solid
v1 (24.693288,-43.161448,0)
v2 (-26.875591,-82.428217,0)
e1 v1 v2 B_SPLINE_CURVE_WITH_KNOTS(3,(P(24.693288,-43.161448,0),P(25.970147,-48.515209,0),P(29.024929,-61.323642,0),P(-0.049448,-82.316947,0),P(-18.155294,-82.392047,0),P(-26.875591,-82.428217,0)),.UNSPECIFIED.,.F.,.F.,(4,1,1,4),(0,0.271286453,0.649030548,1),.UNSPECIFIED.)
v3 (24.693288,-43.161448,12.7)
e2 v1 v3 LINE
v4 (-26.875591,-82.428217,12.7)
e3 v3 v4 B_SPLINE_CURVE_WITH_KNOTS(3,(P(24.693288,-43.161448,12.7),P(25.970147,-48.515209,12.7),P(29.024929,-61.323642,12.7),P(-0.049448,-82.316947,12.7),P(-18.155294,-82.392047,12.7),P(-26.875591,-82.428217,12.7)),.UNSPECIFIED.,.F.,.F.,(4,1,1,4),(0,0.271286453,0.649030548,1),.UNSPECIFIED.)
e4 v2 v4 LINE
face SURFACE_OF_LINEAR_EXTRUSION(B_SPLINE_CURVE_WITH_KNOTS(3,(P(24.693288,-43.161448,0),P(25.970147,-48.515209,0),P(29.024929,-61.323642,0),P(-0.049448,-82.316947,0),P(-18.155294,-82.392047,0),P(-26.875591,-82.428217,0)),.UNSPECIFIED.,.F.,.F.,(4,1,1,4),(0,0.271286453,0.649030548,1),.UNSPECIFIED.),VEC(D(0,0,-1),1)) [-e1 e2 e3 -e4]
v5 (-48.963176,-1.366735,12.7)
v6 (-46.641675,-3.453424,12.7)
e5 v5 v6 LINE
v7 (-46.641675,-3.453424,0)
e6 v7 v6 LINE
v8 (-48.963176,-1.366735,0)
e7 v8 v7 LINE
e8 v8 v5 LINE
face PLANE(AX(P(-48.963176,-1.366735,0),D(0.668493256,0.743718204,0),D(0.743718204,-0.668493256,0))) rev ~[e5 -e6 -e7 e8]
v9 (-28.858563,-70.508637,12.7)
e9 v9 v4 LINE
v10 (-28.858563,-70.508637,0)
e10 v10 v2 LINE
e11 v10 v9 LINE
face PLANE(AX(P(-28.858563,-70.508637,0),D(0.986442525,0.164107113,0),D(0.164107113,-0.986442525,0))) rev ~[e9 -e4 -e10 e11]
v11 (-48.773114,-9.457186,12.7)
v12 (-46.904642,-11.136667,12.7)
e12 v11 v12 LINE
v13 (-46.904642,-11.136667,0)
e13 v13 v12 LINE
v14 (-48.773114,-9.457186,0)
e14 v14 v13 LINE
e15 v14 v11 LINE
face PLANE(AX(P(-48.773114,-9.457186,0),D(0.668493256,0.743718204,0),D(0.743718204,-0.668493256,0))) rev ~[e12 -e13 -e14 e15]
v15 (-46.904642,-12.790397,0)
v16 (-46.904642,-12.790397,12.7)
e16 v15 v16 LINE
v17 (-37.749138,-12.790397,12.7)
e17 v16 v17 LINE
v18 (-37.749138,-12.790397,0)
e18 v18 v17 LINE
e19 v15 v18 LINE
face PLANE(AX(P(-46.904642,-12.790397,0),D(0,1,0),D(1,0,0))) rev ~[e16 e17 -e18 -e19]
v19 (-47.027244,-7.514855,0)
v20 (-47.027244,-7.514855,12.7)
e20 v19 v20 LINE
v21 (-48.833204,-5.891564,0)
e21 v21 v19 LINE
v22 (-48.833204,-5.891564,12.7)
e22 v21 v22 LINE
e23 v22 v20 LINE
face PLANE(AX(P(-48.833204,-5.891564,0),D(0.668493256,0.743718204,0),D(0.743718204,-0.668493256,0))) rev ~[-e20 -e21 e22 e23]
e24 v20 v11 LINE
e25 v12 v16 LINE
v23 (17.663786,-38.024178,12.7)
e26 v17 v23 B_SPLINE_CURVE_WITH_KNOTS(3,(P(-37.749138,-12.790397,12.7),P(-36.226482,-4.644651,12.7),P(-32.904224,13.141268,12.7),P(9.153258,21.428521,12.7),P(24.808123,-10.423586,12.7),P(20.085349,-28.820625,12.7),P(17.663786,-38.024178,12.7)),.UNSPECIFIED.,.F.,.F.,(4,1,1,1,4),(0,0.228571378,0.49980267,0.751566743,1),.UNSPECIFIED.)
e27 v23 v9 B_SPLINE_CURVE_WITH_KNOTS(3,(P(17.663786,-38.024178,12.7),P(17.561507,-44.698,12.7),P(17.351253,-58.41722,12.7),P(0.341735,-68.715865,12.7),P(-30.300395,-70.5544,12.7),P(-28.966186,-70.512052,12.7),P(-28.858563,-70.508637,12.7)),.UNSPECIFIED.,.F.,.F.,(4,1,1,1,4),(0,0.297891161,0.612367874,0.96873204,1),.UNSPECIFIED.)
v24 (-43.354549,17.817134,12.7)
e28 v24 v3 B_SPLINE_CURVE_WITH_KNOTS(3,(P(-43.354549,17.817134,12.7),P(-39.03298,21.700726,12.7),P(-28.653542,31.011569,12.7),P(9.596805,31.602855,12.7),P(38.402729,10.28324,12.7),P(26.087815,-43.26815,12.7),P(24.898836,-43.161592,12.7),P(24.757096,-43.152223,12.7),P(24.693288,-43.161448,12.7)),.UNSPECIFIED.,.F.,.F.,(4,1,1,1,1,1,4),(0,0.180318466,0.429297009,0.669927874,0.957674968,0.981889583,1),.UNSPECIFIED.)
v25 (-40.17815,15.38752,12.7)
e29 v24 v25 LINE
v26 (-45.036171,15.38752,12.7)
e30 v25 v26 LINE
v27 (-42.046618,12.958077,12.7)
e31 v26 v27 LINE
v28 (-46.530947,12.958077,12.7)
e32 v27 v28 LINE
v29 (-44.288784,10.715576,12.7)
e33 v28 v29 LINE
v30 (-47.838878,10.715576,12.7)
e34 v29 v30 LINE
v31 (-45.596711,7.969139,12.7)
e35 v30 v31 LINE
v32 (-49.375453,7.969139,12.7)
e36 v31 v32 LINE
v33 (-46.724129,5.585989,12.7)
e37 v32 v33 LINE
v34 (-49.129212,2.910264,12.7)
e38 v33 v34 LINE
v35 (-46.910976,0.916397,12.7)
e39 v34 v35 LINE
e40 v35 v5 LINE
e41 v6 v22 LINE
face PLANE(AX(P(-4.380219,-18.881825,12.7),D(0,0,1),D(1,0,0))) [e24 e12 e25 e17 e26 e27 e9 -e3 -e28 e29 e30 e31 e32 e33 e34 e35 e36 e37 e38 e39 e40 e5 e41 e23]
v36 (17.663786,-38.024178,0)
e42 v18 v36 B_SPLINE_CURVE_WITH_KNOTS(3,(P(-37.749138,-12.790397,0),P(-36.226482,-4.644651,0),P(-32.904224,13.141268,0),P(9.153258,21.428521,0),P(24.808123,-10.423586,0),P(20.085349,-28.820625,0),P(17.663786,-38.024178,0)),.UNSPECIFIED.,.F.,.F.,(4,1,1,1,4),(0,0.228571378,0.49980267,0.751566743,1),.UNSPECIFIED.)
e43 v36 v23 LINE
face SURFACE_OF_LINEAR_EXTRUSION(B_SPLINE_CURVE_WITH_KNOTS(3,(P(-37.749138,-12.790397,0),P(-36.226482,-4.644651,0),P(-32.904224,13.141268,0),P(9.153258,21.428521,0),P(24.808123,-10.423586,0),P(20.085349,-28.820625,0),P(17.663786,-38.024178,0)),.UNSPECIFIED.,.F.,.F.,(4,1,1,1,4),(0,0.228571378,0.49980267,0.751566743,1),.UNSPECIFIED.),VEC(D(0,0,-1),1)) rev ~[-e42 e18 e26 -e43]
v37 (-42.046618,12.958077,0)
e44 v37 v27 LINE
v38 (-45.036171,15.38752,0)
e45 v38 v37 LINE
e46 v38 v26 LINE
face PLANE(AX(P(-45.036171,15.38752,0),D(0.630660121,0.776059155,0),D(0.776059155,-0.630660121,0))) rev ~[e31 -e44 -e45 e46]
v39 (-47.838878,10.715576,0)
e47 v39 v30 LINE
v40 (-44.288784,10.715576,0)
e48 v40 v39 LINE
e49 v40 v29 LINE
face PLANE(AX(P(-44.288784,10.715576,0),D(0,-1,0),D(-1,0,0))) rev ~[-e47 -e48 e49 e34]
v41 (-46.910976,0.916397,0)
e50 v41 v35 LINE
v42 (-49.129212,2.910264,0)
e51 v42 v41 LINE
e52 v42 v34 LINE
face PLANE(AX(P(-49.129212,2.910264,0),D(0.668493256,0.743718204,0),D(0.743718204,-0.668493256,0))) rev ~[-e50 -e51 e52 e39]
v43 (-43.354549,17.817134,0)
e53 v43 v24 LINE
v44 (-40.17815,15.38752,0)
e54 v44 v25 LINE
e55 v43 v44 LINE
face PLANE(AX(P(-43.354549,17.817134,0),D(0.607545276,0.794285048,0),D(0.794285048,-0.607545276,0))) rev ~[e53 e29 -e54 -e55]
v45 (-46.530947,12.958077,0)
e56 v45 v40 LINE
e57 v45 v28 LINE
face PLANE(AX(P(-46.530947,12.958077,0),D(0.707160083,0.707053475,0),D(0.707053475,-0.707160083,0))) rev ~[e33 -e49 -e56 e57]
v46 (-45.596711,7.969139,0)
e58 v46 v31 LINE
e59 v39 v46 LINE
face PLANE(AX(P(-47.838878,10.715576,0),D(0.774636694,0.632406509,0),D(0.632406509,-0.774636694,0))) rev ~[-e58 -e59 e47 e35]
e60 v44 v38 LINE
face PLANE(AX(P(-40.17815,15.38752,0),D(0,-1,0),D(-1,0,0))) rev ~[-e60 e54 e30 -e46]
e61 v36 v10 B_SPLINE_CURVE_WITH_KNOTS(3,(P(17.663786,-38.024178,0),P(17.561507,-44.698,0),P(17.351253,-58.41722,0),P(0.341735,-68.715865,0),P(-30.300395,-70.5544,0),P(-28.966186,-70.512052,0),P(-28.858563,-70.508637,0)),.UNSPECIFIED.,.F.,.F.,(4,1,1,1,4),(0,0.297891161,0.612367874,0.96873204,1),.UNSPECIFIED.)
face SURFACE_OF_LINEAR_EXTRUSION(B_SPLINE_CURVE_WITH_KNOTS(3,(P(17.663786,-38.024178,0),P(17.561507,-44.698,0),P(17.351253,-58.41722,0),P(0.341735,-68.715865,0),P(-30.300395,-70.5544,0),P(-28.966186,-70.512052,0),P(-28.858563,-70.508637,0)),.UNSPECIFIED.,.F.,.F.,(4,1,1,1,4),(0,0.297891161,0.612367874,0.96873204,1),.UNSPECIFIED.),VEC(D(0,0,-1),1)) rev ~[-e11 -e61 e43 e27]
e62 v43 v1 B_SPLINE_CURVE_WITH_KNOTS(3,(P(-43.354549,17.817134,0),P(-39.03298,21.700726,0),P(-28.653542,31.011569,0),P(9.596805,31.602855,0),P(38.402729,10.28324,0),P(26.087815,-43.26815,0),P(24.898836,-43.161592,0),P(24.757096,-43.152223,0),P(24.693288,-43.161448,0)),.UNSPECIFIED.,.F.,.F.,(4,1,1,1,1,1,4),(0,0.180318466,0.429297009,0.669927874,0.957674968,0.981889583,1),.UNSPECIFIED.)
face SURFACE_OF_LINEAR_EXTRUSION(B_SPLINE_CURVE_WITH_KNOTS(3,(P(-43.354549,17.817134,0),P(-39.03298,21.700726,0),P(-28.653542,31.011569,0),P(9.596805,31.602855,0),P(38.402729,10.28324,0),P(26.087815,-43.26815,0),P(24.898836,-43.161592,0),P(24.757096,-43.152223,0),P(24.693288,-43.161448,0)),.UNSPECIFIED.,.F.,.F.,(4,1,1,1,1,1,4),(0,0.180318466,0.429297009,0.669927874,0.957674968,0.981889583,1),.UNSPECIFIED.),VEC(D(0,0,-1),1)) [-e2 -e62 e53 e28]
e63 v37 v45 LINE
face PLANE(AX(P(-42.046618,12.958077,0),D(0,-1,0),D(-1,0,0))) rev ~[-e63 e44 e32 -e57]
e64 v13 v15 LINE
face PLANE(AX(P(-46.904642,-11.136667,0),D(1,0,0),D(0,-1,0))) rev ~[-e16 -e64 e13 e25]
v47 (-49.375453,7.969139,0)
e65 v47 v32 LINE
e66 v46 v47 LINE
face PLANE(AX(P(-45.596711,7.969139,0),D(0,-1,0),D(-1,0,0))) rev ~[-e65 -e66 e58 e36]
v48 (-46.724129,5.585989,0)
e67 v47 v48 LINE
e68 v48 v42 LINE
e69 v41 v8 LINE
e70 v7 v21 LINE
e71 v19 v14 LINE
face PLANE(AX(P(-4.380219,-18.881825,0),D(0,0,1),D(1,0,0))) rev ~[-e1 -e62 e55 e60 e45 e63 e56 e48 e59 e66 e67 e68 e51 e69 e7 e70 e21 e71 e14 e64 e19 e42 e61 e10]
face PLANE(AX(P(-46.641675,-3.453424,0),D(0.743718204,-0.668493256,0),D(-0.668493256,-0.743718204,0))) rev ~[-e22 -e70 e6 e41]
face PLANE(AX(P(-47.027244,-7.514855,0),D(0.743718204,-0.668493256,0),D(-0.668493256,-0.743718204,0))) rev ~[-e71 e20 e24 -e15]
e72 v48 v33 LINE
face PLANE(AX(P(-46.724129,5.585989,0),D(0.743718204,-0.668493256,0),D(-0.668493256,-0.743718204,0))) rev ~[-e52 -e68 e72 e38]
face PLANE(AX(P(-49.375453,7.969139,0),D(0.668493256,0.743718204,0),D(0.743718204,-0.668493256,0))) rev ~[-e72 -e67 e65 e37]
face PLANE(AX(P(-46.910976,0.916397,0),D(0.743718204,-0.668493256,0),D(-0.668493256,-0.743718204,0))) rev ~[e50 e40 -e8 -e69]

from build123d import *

# Parameters (mm, degrees)
F1_DEPTH = 12.7


with BuildPart() as f1:
    # F0 (on Top) → F1 (new body)
    with BuildSketch(Plane.XY):
        with BuildLine():
            Line((-46.9046421349, -12.7903968096), (-37.7491377294, -12.7903968096))
            add(Edge.make_bspline(
                [(-37.7491377294, -12.7903968096), (-36.2264822799, -4.6446508342), (-32.9042240404, 13.141268269), (9.1532582942, 21.4285213395), (24.8081231682, -10.4235855299), (20.0853489239, -28.8206254138), (17.6637864196, -38.0241783793)],
                knots=[0, 0, 0, 0, 0.2285713777, 0.4998026702, 0.7515667427, 1, 1, 1, 1], degree=3))
            add(Edge.make_bspline(
                [(17.6637864196, -38.0241783793), (17.5615067619, -44.6980004348), (17.3512528681, -58.4172199431), (0.3417346721, -68.7158650754), (-30.3003953484, -70.554400191), (-28.9661856328, -70.512052471), (-28.8585629314, -70.5086365342)],
                knots=[0, 0, 0, 0, 0.2978911607, 0.6123678739, 0.9687320396, 1, 1, 1, 1], degree=3))
            Line((-28.8585629314, -70.5086365342), (-26.8755909055, -82.4282169342))
            add(Edge.make_bspline(
                [(24.693287909, -43.1614480913), (25.9701473511, -48.5152089656), (29.0249286494, -61.3236419507), (-0.0494477576, -82.3169472038), (-18.1552935893, -82.3920468025), (-26.8755909055, -82.4282169342)],
                knots=[0, 0, 0, 0, 0.2712864531, 0.6490305481, 1, 1, 1, 1], degree=3))
            add(Edge.make_bspline(
                [(-43.3545485139, 17.8171340376), (-39.0329796941, 21.7007262749), (-28.6535418396, 31.0115685846), (9.5968050613, 31.6028553823), (38.4027291185, 10.2832399558), (26.087814584, -43.2681497606), (24.8988357903, -43.1615922574), (24.7570963099, -43.1522225083), (24.693287909, -43.1614480913)],
                knots=[0, 0, 0, 0, 0.1803184658, 0.4292970093, 0.6699278742, 0.9576749675, 0.9818895825, 1, 1, 1, 1], degree=3))
            Line((-43.3545485139, 17.8171340376), (-40.1781499386, 15.3875201941))
            Line((-40.1781499386, 15.3875201941), (-45.0361706316, 15.3875201941))
            Line((-45.0361706316, 15.3875201941), (-42.0466177166, 12.9580767825))
            Line((-42.0466177166, 12.9580767825), (-46.5309470892, 12.9580767825))
            Line((-46.5309470892, 12.9580767825), (-44.2887842655, 10.7155758888))
            Line((-44.2887842655, 10.7155758888), (-47.8388778865, 10.7155758888))
            Line((-47.8388778865, 10.7155758888), (-45.5967113376, 7.9691391306))
            Line((-45.5967113376, 7.9691391306), (-49.3754526456, 7.9691391306))
            Line((-49.3754526456, 7.9691391306), (-46.7241287522, 5.5859889915))
            Line((-46.7241287522, 5.5859889915), (-49.1292118286, 2.910264067))
            Line((-49.1292118286, 2.910264067), (-46.9109762016, 0.916396567))
            Line((-46.9109762016, 0.916396567), (-48.9631760083, -1.366735449))
            Line((-48.9631760083, -1.366735449), (-46.6416746611, -3.4534236399))
            Line((-46.6416746611, -3.4534236399), (-48.8332038311, -5.891563628))
            Line((-48.8332038311, -5.891563628), (-47.0272443784, -7.5148554979))
            Line((-47.0272443784, -7.5148554979), (-48.7731136382, -9.4571858644))
            Line((-48.7731136382, -9.4571858644), (-46.9046421349, -11.1366668716))
            Line((-46.9046421349, -11.1366668716), (-46.9046421349, -12.7903968096))
        make_face()
    extrude(amount=F1_DEPTH)


solid = f1.part
